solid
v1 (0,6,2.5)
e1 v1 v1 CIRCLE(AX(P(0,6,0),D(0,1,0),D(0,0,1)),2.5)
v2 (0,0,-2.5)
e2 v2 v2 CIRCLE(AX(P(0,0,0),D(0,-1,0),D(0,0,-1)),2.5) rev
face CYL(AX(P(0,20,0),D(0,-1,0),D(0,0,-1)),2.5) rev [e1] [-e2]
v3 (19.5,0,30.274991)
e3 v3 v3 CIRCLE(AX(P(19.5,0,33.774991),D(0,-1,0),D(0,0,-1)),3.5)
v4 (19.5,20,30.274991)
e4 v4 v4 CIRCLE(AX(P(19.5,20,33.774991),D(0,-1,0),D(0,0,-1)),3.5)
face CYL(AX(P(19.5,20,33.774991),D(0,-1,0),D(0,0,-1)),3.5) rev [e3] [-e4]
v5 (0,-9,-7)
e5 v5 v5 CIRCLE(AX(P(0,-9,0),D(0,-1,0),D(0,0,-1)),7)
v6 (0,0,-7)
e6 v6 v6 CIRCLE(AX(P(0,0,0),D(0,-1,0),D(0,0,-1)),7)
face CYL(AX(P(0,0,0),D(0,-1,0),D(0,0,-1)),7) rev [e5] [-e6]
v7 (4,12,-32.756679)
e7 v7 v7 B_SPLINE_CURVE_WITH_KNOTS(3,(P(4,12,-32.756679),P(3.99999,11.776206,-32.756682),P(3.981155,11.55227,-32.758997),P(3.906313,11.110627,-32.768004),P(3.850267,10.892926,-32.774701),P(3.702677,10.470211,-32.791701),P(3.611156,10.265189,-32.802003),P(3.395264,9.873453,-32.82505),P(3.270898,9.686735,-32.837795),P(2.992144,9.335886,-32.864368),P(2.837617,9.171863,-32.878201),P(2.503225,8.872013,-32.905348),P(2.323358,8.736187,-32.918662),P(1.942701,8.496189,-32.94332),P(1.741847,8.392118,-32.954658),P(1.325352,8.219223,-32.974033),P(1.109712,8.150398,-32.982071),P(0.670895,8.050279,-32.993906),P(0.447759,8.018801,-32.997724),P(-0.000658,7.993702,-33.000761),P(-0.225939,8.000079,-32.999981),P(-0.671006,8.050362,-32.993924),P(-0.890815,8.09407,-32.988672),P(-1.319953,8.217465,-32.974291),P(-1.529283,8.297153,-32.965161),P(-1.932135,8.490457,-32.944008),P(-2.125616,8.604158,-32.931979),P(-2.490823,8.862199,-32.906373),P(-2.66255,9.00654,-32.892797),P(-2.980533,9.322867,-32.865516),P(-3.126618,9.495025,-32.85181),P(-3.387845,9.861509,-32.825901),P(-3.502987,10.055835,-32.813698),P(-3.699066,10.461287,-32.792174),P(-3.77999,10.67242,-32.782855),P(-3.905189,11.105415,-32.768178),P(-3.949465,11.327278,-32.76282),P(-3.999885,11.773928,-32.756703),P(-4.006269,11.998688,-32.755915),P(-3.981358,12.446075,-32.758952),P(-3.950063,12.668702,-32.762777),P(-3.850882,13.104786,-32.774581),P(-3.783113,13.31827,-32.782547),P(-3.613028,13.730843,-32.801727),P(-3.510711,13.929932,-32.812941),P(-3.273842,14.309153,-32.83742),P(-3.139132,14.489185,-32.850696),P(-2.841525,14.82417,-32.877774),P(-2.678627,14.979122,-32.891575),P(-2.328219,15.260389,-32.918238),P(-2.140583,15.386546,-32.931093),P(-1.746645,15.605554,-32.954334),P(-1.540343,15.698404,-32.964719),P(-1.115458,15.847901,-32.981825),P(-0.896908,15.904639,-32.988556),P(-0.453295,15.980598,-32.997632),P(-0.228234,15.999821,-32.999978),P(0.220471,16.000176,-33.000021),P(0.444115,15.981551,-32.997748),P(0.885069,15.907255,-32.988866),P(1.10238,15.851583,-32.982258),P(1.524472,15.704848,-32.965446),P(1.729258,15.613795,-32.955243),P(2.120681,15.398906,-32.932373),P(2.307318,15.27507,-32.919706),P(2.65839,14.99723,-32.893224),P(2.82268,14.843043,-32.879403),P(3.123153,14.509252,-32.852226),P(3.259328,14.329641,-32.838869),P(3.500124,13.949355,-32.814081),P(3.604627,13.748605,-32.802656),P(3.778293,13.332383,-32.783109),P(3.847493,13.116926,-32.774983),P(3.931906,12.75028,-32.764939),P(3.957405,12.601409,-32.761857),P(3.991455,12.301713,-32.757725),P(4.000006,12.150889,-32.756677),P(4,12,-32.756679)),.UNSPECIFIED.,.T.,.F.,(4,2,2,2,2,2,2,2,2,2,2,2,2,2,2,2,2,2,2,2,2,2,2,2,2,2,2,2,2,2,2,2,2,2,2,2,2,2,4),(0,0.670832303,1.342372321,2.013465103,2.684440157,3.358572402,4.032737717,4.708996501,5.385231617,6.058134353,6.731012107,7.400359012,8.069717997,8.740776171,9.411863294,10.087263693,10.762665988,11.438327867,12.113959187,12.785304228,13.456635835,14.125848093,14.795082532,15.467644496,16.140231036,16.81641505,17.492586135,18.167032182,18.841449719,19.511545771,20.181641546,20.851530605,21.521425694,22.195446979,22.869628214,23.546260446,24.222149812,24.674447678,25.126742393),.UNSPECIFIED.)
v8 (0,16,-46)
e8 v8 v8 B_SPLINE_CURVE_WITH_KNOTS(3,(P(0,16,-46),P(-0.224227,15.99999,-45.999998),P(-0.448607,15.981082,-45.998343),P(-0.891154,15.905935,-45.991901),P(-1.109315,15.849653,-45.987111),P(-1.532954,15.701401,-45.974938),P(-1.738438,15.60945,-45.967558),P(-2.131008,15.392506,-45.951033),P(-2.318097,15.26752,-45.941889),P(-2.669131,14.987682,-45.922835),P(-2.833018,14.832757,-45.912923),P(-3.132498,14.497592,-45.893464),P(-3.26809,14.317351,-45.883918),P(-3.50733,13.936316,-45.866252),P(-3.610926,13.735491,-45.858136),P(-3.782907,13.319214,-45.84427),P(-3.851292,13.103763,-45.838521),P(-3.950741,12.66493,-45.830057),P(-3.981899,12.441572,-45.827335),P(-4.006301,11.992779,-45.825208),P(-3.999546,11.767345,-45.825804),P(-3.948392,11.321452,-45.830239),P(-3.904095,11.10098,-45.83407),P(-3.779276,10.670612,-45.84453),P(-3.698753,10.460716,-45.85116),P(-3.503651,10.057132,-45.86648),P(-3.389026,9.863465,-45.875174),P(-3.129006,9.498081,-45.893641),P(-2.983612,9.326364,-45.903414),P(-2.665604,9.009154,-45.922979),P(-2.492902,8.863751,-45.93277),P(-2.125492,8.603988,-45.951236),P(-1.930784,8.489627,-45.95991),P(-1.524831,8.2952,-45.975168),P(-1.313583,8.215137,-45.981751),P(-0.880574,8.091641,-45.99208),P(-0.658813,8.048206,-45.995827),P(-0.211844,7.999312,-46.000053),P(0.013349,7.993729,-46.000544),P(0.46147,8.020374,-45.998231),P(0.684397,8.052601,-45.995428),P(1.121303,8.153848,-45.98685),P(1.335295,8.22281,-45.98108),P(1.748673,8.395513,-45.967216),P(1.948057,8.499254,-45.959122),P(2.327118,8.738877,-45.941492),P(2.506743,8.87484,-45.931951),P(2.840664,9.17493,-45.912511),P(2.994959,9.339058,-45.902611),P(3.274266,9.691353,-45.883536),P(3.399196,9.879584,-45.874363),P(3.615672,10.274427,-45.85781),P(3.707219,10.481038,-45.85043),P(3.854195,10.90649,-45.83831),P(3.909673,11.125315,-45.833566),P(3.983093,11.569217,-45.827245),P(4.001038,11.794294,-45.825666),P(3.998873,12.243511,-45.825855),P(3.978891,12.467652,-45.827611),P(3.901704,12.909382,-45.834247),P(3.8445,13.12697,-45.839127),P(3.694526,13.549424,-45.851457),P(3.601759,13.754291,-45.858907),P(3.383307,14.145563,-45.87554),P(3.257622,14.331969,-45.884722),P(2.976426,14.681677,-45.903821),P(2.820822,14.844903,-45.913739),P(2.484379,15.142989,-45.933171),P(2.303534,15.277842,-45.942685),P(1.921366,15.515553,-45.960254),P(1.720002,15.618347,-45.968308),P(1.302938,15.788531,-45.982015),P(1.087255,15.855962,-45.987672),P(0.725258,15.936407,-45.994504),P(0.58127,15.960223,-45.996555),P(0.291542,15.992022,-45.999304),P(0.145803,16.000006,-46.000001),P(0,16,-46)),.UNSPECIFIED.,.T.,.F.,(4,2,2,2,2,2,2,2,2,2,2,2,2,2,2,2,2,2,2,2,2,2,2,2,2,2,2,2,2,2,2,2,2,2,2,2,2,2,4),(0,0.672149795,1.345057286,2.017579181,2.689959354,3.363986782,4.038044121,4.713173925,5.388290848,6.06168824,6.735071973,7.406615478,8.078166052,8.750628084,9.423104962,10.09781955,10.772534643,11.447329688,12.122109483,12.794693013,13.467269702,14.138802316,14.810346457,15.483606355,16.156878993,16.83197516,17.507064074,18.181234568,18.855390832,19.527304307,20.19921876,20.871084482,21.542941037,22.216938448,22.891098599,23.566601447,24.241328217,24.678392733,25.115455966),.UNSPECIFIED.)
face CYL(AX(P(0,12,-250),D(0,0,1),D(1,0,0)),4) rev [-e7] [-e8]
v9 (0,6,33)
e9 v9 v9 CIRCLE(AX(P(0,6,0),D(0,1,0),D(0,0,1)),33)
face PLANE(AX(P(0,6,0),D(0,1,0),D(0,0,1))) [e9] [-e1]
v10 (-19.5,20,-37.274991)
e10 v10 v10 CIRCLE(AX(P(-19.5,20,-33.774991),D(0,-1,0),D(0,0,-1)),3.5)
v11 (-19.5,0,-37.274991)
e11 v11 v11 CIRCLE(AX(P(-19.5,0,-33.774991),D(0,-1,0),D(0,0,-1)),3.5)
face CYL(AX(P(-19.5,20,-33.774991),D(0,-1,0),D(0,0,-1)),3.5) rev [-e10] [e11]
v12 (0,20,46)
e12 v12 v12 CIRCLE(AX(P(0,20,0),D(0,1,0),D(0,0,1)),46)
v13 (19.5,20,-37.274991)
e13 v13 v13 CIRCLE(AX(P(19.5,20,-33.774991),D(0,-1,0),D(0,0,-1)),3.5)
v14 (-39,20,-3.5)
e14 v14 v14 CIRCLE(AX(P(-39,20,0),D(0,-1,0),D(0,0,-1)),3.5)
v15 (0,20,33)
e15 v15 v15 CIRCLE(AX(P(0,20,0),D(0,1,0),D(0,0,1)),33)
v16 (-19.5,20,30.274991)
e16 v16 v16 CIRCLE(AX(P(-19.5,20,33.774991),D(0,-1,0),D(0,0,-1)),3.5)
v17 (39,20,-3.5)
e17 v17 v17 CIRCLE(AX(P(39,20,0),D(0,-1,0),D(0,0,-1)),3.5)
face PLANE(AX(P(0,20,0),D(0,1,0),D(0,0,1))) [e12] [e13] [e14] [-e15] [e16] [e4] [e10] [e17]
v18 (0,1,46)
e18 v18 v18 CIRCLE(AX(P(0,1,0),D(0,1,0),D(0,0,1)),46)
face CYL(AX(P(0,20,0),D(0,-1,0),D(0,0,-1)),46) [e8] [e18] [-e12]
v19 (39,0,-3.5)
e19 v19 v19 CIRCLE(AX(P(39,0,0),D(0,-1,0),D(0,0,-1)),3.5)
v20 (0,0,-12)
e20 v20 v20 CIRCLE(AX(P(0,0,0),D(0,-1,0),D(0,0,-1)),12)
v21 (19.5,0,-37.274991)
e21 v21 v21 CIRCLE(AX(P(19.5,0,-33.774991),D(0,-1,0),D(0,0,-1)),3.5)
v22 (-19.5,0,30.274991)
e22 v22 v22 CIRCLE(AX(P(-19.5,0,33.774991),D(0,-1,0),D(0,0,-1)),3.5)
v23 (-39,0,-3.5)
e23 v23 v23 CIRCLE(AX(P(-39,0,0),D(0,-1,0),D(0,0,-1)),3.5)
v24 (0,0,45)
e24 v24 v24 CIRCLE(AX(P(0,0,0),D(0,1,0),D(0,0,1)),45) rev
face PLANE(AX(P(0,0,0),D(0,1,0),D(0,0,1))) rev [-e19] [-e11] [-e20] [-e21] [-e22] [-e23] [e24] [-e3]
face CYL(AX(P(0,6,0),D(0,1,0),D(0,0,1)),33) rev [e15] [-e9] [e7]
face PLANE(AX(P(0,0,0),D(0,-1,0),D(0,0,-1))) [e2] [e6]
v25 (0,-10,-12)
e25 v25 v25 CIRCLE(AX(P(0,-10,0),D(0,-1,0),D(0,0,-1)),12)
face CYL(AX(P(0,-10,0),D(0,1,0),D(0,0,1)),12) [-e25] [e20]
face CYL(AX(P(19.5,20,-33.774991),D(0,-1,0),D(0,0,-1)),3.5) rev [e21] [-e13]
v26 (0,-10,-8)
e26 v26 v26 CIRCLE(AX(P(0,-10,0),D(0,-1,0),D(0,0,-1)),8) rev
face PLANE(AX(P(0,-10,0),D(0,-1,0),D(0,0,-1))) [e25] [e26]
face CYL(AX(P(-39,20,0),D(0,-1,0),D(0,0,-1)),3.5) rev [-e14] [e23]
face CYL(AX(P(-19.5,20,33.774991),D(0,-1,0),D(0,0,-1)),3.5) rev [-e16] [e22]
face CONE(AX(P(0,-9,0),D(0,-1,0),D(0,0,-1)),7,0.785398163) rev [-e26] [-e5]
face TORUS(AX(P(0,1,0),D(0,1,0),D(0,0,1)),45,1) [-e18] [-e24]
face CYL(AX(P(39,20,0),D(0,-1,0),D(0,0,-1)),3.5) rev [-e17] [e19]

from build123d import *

# Parameters (mm, degrees)
SKETCH1_R           = 46
BOSS_EXTRUDE1_DEPTH = 20
SKETCH2_R           = 12
BOSS_EXTRUDE2_DEPTH = 10
SKETCH3_R           = 33
CUT_EXTRUDE1_DEPTH  = 14
SKETCH4_R           = 2.5
CUT_EXTRUDE2_DEPTH  = 72.637978754
SKETCH5_R           = 3.5
CUT_EXTRUDE3_DEPTH  = 69.058798109
FILLET1_R           = 1
SKETCH6_R           = 7
CUT_EXTRUDE4_DEPTH  = 10
CHAMFER1_SIZE       = 1
SKETCH8_R           = 4
CUT_EXTRUDE5_DEPTH  = 250


with BuildPart() as part:
    # Sketch1 → Boss-Extrude1 (new body)
    with BuildSketch(Plane(origin=(0, 0, 0), x_dir=(1, 0, 0), z_dir=(0, 1, 0))):
        with Locations(Location((0, 0, 0), (0, 0, 270))):
            Circle(SKETCH1_R)
    extrude(amount=BOSS_EXTRUDE1_DEPTH)

    # Sketch2 → Boss-Extrude2 (add)
    with BuildSketch(Plane.XZ):
        with Locations(Location((0, 0, 0), (0, 0, 270))):
            Circle(SKETCH2_R)
    extrude(amount=BOSS_EXTRUDE2_DEPTH)

    # Sketch3 → Cut-Extrude1 (cut)
    with BuildSketch(Plane(origin=(0, 20, 0), x_dir=(1, 0, 0), z_dir=(0, 1, 0))):
        with Locations(Location((0, 0, 0), (0, 0, 270))):
            Circle(SKETCH3_R)
    extrude(amount=-CUT_EXTRUDE1_DEPTH, mode=Mode.SUBTRACT)

    # Sketch4 → Cut-Extrude2 (cut, through all)
    with BuildSketch(Plane.XZ.offset(10)):
        with Locations(Location((0, 0, 0), (0, 0, 270))):
            Circle(SKETCH4_R)
    extrude(amount=-CUT_EXTRUDE2_DEPTH, mode=Mode.SUBTRACT)

    # Sketch5 → Cut-Extrude3 (cut, through all)
    with BuildSketch(Plane.XZ):
        with Locations(Location((-39, 0, 0), (0, 0, 270))):
            Circle(SKETCH5_R)
        with Locations(Location((-19.5, 33.774990748, 0), (0, 0, 270))):
            Circle(SKETCH5_R)
        with Locations(Location((19.5, 33.774990748, 0), (0, 0, 270))):
            Circle(SKETCH5_R)
        with Locations(Location((39, 0, 0), (0, 0, 270))):
            Circle(SKETCH5_R)
        with Locations(Location((19.5, -33.774990748, 0), (0, 0, 270))):
            Circle(SKETCH5_R)
        with Locations(Location((-19.5, -33.774990748, 0), (0, 0, 270))):
            Circle(SKETCH5_R)
    extrude(amount=-CUT_EXTRUDE3_DEPTH, mode=Mode.SUBTRACT)

    # Fillet1
    fillet1_edges = [part.edges().sort_by_distance(p)[0] for p in [
        (0, 0, -46),
    ]]
    fillet(fillet1_edges, radius=FILLET1_R)

    # Sketch6 → Cut-Extrude4 (cut)
    with BuildSketch(Plane.XZ.offset(10)):
        with Locations(Location((0, 0, 0), (0, 0, 270))):
            Circle(SKETCH6_R)
    extrude(amount=-CUT_EXTRUDE4_DEPTH, mode=Mode.SUBTRACT)

    # Chamfer1
    chamfer1_edges = [part.edges().sort_by_distance(p)[0] for p in [
        (0, -10, 7),
    ]]
    chamfer(chamfer1_edges, length=CHAMFER1_SIZE)

    # Sketch8 → Cut-Extrude5 (cut)
    with BuildSketch(Plane.XY):
        with Locations((0, 12)):
            Circle(SKETCH8_R)
    extrude(amount=-CUT_EXTRUDE5_DEPTH, mode=Mode.SUBTRACT)


solid = part.part
